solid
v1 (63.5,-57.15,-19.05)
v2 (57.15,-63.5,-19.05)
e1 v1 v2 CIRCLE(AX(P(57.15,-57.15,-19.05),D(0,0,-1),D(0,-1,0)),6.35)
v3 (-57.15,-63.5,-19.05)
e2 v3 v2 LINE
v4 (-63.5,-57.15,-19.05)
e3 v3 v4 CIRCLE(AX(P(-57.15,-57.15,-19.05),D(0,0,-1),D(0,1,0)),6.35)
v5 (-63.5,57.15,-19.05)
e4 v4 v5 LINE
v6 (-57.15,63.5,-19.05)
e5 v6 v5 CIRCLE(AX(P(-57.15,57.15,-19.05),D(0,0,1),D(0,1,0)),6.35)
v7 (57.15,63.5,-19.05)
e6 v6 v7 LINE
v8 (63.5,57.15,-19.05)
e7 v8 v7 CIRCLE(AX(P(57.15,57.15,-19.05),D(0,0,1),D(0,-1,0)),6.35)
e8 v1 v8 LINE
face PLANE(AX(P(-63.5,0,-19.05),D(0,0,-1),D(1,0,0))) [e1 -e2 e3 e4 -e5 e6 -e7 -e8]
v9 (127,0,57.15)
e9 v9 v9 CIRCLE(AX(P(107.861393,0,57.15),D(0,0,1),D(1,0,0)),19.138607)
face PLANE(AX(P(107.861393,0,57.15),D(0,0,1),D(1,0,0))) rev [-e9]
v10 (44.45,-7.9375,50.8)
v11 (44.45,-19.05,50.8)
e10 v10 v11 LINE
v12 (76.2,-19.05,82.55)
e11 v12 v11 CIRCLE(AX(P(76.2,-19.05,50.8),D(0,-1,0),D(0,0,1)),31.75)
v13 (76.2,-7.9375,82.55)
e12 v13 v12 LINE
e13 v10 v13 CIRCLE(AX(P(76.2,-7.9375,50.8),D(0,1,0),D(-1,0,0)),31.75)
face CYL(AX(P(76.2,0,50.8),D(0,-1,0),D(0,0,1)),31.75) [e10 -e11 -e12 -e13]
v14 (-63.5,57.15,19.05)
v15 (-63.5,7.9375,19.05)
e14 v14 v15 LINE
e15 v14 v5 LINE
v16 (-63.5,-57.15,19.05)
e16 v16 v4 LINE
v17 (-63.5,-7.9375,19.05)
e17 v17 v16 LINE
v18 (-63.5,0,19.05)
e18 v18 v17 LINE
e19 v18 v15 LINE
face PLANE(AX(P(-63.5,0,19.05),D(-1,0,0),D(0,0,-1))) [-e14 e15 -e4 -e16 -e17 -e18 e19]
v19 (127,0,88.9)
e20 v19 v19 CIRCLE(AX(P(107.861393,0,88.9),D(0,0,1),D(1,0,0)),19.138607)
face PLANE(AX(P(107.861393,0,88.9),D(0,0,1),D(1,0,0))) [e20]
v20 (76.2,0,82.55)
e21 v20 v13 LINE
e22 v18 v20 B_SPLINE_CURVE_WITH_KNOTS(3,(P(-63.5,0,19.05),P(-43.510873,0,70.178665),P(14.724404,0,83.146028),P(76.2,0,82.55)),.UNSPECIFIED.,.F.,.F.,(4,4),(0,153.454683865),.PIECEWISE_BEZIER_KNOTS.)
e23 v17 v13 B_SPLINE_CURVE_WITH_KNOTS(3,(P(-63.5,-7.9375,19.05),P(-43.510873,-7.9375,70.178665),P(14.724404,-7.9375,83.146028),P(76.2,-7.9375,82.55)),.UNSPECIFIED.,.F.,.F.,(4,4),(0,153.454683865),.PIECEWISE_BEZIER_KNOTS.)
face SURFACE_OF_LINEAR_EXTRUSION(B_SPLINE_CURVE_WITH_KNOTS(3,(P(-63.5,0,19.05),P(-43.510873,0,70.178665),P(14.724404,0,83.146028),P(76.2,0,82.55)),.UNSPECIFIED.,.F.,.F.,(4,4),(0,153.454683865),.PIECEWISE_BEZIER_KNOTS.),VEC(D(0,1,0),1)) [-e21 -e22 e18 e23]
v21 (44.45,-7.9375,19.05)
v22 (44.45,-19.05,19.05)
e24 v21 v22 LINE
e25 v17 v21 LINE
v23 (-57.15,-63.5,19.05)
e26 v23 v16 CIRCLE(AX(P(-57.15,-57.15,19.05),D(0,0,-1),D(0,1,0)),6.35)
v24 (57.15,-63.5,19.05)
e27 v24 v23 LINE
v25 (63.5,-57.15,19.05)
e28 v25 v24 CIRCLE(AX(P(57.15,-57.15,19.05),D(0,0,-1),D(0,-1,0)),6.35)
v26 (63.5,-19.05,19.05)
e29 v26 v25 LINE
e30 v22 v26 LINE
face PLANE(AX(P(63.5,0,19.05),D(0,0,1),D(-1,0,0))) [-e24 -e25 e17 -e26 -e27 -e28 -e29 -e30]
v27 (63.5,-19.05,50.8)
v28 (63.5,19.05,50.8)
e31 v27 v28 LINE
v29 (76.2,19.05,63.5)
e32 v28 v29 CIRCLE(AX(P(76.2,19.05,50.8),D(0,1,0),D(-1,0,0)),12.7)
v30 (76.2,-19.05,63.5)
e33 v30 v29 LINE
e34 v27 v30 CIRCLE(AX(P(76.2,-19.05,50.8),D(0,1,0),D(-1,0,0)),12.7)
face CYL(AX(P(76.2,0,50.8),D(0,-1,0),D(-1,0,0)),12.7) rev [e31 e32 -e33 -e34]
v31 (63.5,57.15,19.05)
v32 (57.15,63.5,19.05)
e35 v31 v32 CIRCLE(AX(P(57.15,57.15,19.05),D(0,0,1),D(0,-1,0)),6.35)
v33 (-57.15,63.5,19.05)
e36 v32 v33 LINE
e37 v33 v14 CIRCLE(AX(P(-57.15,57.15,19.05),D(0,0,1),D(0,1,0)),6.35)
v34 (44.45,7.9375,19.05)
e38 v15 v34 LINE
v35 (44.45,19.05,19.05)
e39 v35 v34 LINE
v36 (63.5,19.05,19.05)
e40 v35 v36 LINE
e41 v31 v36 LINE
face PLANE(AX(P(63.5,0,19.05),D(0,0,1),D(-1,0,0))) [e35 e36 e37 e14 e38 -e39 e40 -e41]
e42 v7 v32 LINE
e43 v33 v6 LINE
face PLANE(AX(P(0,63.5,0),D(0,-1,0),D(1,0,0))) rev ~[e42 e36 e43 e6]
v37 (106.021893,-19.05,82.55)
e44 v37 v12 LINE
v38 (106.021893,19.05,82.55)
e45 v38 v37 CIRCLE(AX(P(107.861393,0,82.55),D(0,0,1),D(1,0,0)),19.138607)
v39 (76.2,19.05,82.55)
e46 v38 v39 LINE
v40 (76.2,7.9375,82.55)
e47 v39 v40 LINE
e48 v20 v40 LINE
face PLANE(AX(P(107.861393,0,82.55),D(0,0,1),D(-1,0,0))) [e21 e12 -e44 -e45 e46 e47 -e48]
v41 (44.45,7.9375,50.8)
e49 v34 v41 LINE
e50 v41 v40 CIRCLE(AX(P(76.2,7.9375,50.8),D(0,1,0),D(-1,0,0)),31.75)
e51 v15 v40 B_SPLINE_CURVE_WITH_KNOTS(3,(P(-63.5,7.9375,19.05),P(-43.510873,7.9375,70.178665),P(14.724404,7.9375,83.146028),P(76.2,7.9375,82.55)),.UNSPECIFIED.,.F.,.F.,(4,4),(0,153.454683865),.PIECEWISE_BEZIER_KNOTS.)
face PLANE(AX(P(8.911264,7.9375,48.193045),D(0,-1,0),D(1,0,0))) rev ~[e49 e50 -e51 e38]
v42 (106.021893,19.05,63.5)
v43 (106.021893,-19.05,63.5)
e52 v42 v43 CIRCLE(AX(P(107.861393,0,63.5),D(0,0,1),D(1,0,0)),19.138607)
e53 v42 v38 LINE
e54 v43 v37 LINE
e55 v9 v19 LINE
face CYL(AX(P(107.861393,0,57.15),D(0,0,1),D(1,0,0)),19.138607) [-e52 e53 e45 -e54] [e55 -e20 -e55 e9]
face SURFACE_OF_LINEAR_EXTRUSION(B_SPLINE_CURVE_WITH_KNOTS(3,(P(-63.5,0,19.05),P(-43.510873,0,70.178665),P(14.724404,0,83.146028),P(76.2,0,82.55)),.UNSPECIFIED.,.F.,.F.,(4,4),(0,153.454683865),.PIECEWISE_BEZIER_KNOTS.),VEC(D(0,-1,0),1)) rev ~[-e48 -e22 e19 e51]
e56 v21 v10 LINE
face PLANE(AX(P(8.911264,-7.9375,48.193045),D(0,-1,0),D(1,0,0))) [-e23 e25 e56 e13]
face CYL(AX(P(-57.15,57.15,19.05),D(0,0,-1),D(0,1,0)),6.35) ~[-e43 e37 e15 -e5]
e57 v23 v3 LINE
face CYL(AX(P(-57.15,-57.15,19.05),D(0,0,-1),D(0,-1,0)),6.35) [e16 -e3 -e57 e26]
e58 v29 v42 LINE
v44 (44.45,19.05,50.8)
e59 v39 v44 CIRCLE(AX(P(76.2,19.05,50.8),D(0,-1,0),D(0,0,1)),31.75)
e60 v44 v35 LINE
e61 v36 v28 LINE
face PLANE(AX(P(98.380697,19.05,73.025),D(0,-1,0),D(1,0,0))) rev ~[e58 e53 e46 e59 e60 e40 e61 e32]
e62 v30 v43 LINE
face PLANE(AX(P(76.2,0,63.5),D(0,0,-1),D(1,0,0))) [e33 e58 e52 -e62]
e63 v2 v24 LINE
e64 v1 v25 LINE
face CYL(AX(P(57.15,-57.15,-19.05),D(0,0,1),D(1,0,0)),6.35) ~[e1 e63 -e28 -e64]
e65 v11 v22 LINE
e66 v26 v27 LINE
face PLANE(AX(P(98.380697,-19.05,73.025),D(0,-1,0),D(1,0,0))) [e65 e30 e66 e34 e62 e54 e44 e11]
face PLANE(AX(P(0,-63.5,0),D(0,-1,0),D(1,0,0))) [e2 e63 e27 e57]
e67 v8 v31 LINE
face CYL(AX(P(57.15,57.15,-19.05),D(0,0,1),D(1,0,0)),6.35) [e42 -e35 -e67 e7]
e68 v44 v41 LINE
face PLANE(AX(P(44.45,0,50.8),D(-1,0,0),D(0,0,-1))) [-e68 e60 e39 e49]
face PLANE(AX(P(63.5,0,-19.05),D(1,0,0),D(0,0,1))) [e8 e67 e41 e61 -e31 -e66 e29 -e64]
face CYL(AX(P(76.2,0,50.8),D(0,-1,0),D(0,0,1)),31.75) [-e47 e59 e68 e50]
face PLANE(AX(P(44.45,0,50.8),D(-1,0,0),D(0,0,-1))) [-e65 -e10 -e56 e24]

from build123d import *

# Parameters (mm, degrees)
F1_DEPTH = 63.5
F0_W     = 18.9613934278
F0_H     = 19.05
F2_DEPTH = 19.05
F3_DEPTH = 7.9375
F5_R     = 6.35


with BuildPart() as f1:
    # F0 (on Front) → F1 (new body, symmetric)
    with BuildSketch(Plane.XZ):
        Polygon((63.5, -19.05), (63.5, 19.05), (44.45, 19.05), (-63.5, 19.05), (-63.5, -19.05), align=None)
    extrude(amount=F1_DEPTH, both=True)

    # F0 (on Front) → F2 (join, symmetric)
    with BuildSketch(Plane.XZ):
        with Locations((98.3806967139, 73.025)):
            Rectangle(F0_W, F0_H)
        with BuildLine():
            Line((44.45, 19.05), (63.5, 19.05))
            Line((63.5, 19.05), (63.5, 50.8))
            ThreePointArc((63.5, 50.8), (67.2197438789, 59.7802561211), (76.2, 63.5))
            Line((76.2, 63.5), (88.9, 63.5))
            Line((88.9, 63.5), (88.9, 82.55))
            Line((88.9, 82.55), (76.2, 82.55))
            ThreePointArc((76.2, 82.55), (53.7493596973, 73.2506403027), (44.45, 50.8))
            Line((44.45, 50.8), (44.45, 19.05))
        make_face()
    extrude(amount=F2_DEPTH, both=True)

    # F0 (on Front) → F3 (join, symmetric)
    with BuildSketch(Plane.XZ):
        with BuildLine():
            Line((-63.5, 19.05), (44.45, 19.05))
            Line((44.45, 19.05), (44.45, 50.8))
            ThreePointArc((44.45, 50.8), (53.7493596973, 73.2506403027), (76.2, 82.55))
            add(Edge.make_bspline(
                [(-63.5, 19.05), (-43.5108728707, 70.1786652207), (14.7244036198, 83.1460282207), (76.2, 82.55)],
                knots=[0, 0, 0, 0, 153.4546838647, 153.4546838647, 153.4546838647, 153.4546838647], degree=3))
        make_face()
    extrude(amount=F3_DEPTH, both=True)

    # F0 (on Front) → F4 (revolve)
    with BuildSketch(Plane.XZ):
        Polygon((107.8613934278, 82.55), (107.8613934278, 63.5), (107.8613934278, 57.15), (127, 57.15), (127, 88.9), (107.8613934278, 88.9), align=None)
    revolve(axis=Axis((107.8613934278, 0, 73.025), (0, 0, 1)))

    # F5
    f5_edges = [f1.edges().sort_by_distance(p)[0] for p in [
        (-63.5, 63.5, 0),
        (-63.5, -63.5, 0),
        (63.5, -63.5, 0),
        (63.5, 63.5, 0),
    ]]
    fillet(f5_edges, radius=F5_R)


solid = f1.part
